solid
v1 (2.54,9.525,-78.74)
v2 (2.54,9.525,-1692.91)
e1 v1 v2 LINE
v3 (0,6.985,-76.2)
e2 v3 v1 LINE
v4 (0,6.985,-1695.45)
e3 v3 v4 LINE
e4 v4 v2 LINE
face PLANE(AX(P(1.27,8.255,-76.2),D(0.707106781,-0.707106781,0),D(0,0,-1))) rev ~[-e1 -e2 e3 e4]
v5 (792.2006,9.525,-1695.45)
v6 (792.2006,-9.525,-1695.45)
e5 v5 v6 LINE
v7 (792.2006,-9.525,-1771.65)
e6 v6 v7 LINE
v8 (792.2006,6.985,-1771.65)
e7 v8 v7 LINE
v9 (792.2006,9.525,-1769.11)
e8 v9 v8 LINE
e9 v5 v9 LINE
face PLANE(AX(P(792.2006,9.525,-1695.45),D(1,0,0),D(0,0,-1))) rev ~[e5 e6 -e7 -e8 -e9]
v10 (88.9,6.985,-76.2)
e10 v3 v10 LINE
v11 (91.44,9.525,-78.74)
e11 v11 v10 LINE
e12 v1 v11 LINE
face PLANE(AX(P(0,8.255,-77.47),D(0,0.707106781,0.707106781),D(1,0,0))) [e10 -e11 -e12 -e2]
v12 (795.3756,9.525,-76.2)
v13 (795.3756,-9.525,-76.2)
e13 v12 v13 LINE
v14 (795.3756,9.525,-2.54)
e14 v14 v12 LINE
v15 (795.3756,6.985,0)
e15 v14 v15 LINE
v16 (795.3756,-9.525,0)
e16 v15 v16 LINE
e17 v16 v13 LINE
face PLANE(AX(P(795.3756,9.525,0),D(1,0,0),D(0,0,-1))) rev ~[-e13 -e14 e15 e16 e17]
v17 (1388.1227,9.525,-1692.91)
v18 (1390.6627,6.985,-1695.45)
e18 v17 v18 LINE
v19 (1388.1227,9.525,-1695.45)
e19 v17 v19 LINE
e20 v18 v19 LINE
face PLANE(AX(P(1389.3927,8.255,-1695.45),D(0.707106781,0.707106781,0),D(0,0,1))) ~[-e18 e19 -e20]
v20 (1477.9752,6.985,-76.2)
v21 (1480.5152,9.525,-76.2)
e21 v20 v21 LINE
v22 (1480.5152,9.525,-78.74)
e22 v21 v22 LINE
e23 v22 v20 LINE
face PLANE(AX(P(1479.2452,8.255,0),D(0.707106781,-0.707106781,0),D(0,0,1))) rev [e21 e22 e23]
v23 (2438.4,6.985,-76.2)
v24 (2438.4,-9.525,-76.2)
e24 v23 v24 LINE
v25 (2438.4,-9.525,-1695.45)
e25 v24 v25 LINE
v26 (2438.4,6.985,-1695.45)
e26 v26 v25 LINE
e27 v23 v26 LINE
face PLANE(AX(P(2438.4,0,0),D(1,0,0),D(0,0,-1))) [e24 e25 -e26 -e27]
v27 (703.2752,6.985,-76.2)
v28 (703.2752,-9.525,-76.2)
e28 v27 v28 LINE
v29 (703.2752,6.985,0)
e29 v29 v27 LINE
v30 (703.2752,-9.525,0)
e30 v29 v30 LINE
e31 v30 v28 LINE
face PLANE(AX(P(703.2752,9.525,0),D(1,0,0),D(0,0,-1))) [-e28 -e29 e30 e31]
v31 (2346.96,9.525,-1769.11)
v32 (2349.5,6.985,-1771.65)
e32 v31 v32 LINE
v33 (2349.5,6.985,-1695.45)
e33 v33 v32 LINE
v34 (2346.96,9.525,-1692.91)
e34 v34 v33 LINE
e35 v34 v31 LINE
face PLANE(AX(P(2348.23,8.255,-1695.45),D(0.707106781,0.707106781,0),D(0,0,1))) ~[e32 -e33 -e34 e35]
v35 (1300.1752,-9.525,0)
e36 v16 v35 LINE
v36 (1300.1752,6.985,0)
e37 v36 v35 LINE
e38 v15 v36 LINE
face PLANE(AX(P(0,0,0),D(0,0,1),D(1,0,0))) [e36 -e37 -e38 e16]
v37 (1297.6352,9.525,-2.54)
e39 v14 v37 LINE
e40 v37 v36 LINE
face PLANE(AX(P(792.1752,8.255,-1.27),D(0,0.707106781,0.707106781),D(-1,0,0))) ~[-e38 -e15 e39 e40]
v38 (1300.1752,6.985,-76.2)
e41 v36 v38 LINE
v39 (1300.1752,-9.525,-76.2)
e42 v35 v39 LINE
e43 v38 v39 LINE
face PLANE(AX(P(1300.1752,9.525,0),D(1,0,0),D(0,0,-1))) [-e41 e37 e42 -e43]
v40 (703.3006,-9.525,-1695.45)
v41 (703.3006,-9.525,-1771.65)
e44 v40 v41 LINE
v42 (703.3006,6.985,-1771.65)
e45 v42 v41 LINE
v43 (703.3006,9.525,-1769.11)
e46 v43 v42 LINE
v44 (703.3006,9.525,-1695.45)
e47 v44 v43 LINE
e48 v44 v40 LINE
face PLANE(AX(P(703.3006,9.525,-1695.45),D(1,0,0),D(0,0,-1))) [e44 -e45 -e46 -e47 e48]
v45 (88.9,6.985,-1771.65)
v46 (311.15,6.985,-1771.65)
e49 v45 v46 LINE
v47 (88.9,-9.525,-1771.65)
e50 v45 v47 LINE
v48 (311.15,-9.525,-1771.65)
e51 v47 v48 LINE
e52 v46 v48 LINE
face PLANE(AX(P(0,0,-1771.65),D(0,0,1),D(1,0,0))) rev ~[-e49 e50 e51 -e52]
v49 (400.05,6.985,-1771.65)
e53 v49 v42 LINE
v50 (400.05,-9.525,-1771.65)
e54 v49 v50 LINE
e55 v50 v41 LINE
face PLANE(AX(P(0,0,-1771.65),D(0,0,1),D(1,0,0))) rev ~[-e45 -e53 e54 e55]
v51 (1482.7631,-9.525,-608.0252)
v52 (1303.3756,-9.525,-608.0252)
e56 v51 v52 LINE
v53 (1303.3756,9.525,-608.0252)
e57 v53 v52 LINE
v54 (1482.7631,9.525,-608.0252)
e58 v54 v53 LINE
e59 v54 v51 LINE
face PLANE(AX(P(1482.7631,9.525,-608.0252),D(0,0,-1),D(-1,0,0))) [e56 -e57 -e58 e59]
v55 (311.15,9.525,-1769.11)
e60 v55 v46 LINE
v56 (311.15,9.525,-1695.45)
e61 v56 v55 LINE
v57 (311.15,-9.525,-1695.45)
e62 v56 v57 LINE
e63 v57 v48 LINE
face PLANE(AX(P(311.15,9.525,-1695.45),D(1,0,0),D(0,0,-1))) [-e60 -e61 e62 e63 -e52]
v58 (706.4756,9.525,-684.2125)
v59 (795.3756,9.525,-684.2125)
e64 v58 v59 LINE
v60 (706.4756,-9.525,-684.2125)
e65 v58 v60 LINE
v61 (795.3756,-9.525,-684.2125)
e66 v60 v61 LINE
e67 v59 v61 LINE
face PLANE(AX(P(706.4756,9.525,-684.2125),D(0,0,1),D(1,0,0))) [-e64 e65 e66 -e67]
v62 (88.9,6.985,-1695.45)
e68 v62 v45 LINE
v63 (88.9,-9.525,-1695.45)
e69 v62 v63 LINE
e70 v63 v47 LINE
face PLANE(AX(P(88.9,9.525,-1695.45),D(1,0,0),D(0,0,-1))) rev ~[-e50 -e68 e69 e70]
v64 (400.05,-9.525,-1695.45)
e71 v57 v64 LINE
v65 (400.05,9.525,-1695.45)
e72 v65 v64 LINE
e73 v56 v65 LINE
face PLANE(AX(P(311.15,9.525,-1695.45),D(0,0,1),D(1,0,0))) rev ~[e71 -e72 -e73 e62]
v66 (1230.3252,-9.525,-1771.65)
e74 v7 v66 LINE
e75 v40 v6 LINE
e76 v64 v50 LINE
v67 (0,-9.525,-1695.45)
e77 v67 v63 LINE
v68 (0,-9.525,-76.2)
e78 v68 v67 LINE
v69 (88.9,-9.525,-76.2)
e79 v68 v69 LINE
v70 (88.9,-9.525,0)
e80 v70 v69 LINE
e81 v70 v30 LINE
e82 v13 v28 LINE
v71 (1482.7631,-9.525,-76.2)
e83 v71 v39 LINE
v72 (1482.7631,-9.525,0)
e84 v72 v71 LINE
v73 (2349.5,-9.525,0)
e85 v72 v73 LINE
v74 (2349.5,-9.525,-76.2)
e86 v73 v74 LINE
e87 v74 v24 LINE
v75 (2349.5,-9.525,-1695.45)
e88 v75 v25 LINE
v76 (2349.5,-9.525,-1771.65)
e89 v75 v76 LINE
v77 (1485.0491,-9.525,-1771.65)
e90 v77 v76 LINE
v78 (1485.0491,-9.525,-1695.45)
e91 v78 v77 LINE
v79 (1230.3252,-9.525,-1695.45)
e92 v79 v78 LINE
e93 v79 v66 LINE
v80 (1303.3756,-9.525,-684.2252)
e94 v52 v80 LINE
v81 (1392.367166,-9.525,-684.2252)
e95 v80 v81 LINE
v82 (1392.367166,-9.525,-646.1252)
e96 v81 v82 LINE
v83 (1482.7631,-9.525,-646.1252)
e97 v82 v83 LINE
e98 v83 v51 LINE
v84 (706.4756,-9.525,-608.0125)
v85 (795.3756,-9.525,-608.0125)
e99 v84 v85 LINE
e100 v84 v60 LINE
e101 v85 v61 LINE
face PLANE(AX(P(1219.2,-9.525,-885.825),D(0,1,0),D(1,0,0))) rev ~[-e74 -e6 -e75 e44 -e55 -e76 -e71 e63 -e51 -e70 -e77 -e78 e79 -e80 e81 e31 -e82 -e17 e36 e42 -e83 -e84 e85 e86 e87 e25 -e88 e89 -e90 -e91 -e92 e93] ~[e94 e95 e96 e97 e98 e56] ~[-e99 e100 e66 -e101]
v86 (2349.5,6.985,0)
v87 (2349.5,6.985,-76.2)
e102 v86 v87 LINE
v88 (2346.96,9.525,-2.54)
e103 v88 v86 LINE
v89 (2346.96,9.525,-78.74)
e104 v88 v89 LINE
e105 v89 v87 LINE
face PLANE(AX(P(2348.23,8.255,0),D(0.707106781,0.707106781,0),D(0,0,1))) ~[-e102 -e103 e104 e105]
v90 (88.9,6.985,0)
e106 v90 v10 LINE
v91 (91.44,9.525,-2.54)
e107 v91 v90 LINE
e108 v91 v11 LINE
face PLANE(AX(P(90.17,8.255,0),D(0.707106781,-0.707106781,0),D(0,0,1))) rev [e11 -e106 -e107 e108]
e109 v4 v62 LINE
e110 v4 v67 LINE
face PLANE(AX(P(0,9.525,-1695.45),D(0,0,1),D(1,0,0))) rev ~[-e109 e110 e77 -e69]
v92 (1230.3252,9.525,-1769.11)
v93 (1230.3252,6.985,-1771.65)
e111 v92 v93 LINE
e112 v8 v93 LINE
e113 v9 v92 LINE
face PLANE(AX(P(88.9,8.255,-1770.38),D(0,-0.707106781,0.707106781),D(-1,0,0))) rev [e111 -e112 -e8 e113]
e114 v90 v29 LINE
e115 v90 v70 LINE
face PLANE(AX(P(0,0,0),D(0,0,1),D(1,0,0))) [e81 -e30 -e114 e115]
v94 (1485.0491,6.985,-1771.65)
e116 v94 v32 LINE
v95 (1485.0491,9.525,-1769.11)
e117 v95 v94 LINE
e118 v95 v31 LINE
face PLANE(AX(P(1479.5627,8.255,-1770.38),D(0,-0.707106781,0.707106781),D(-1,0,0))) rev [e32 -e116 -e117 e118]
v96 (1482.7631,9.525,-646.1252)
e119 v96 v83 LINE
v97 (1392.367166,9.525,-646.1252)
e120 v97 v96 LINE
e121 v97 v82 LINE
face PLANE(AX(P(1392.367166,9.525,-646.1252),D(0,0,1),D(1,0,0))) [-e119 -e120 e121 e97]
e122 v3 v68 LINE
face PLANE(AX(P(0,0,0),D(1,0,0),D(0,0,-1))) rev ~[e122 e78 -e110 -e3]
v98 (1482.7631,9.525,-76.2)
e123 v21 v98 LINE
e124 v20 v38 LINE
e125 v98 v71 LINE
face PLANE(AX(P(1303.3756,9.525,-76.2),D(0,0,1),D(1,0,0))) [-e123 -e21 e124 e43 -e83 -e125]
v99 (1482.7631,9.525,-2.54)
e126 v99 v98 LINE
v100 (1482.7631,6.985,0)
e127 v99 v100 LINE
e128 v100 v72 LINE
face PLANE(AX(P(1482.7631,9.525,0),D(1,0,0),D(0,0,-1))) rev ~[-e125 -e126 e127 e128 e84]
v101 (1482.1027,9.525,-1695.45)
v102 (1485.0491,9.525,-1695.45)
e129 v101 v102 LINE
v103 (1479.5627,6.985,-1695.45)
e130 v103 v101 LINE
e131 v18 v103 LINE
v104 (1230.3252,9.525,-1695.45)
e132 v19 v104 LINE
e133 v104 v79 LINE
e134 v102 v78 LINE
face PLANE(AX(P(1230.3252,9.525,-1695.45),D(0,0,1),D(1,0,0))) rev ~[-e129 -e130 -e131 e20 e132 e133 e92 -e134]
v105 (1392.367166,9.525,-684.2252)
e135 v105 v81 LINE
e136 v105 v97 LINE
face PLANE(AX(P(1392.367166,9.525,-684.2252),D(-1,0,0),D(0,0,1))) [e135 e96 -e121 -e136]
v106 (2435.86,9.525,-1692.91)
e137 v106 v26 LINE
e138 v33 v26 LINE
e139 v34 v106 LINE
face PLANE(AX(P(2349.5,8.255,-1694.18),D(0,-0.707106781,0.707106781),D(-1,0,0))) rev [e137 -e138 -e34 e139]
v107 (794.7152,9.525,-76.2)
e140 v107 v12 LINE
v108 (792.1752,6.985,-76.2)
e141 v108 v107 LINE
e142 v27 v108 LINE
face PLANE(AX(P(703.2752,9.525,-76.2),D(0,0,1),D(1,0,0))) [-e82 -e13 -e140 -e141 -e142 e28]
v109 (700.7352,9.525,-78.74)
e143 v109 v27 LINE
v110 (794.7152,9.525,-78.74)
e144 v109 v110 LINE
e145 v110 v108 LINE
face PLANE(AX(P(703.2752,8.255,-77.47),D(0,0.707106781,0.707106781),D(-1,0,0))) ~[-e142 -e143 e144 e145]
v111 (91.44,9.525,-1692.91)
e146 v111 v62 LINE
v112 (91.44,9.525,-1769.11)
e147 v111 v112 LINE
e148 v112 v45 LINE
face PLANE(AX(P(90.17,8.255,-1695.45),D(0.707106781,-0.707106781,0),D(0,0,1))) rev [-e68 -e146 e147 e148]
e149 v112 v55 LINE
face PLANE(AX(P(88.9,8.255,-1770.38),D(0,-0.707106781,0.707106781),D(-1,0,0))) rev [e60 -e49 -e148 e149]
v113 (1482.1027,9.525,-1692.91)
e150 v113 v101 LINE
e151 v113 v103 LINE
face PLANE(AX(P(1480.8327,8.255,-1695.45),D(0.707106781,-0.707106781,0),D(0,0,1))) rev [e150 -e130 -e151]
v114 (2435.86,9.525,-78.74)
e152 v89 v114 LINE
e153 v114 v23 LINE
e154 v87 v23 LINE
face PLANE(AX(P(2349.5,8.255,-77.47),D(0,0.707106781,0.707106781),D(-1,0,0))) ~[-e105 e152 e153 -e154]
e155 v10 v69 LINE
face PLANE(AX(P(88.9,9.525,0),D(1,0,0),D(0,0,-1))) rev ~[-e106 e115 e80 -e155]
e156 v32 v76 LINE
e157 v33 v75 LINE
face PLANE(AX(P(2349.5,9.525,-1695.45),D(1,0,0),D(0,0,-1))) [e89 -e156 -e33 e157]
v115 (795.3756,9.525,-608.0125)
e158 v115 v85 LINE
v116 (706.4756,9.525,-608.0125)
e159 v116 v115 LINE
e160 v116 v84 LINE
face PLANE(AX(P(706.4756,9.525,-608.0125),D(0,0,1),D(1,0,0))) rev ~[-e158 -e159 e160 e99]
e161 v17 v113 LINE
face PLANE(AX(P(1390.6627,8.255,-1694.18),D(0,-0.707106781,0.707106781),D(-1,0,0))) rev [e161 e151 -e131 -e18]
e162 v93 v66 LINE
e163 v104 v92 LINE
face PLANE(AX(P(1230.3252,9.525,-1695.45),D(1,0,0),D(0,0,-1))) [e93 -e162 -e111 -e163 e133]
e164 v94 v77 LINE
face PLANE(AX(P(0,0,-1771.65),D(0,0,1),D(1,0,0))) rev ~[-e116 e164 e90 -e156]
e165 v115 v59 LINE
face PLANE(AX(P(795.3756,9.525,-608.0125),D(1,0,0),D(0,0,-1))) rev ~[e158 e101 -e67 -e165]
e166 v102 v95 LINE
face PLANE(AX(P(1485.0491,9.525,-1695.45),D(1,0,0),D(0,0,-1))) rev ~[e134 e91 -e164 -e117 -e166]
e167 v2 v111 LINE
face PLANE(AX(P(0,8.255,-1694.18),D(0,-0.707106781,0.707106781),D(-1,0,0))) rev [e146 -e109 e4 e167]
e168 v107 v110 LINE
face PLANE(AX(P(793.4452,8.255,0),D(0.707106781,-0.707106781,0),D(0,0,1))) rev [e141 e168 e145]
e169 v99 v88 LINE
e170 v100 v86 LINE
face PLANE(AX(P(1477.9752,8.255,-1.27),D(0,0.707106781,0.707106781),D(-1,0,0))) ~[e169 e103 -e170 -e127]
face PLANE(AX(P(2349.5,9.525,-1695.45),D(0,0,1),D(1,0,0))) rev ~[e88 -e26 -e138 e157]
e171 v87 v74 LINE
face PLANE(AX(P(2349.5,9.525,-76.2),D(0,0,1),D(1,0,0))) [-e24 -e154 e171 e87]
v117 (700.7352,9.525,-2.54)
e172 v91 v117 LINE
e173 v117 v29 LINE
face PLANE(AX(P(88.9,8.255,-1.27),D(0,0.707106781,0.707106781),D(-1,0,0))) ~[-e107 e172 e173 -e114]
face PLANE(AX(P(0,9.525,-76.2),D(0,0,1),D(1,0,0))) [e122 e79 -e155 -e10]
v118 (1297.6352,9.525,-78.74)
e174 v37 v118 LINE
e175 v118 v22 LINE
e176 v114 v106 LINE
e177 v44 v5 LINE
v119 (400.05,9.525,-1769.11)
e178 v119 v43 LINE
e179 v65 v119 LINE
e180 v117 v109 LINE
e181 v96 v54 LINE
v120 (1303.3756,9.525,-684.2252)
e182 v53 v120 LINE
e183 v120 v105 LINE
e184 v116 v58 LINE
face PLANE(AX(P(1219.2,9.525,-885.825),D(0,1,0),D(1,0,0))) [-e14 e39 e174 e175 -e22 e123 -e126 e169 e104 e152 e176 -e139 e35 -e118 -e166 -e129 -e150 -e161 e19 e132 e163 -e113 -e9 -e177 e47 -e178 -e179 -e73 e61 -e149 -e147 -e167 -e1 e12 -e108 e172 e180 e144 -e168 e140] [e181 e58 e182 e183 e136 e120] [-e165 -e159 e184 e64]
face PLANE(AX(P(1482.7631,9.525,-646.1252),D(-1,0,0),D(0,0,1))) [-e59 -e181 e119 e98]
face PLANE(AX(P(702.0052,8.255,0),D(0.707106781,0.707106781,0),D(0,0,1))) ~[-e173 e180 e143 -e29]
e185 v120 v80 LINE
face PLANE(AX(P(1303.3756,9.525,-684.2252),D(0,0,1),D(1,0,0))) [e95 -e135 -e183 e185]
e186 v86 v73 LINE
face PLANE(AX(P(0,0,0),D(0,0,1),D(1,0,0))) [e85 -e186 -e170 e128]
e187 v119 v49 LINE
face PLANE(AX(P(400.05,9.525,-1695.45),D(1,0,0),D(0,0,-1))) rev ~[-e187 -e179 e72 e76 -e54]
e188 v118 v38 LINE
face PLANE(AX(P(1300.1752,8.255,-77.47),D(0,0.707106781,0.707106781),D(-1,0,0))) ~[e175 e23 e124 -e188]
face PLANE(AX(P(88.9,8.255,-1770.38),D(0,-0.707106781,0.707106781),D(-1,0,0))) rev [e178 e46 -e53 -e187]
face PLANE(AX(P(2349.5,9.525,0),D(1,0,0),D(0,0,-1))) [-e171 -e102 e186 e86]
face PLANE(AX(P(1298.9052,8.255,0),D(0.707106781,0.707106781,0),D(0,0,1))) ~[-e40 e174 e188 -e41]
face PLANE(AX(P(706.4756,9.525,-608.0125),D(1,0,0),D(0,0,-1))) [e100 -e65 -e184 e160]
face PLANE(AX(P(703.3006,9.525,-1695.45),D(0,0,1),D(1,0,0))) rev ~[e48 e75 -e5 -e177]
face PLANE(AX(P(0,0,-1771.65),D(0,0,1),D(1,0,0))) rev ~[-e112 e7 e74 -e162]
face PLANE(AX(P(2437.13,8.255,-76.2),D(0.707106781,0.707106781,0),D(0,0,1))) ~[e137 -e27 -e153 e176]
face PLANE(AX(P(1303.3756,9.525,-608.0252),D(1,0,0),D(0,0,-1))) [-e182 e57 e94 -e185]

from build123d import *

# Parameters (mm, degrees)
SKETCH1_W           = 2438.4
SKETCH1_H           = 1771.65
BOSS_EXTRUDE1_DEPTH = 9.525
SKETCH2_W           = 88.9
SKETCH2_H           = 76.2
SKETCH2_W_2         = 177.8
CUT_EXTRUDE1_DEPTH  = 20.05
CHAMFER1_SIZE       = 2.54
SKETCH4_W           = 88.9
SKETCH4_H           = 76.2
CUT_EXTRUDE2_DEPTH  = 20.05
SKETCH5_W           = 88.9
SKETCH5_H           = 76.2
SKETCH5_W_2         = 254.7239
SKETCH5_W_3         = 92.1004
SKETCH5_W_4         = 179.3875
CUT_EXTRUDE3_DEPTH  = 20.05


with BuildPart() as part:
    # Sketch1 → Boss-Extrude1 (new body, symmetric)
    with BuildSketch(Plane(origin=(0, 0, 0), x_dir=(1, 0, 0), z_dir=(0, 1, 0))):
        with Locations((1219.2, 885.825)):
            Rectangle(SKETCH1_W, SKETCH1_H)
    extrude(amount=BOSS_EXTRUDE1_DEPTH, both=True)

    # Sketch2 → Cut-Extrude1 (cut, through all)
    with BuildSketch(Plane(origin=(0, 9.525, 0), x_dir=(1, 0, 0), z_dir=(0, 1, 0))):
        with Locations((1435.1127, 1733.55)):
            Rectangle(SKETCH2_W, SKETCH2_H)
        with Locations((44.45, 1733.55)):
            Rectangle(SKETCH2_W, SKETCH2_H)
        with Locations((2393.95, 1733.55)):
            Rectangle(SKETCH2_W, SKETCH2_H)
        with Locations((1389.0752, 38.1)):
            Rectangle(SKETCH2_W_2, SKETCH2_H)
        with Locations((747.7252, 38.1)):
            Rectangle(SKETCH2_W, SKETCH2_H)
        with Locations((2393.95, 38.1)):
            Rectangle(SKETCH2_W, SKETCH2_H)
        with Locations((44.45, 38.1)):
            Rectangle(SKETCH2_W, SKETCH2_H)
    extrude(amount=-CUT_EXTRUDE1_DEPTH, mode=Mode.SUBTRACT)

    # Chamfer1
    chamfer1_edges = [part.edges().sort_by_distance(p)[0] for p in [
        (0, 9.525, -885.825),
        (396.0876, 9.525, 0),
        (1046.1752, 9.525, 0),
        (1913.7376, 9.525, 0),
        (2438.4, 9.525, -885.825),
        (1914.53135, 9.525, -1771.65),
        (739.78135, 9.525, -1771.65),
        (2393.95, 9.525, -76.2),
        (2349.5, 9.525, -38.1),
        (792.1752, 9.525, -38.1),
        (747.7252, 9.525, -76.2),
        (703.2752, 9.525, -38.1),
        (1477.9752, 9.525, -38.1),
        (1389.0752, 9.525, -76.2),
        (1300.1752, 9.525, -38.1),
        (2349.5, 9.525, -1733.55),
        (2393.95, 9.525, -1695.45),
        (1390.6627, 9.525, -1733.55),
        (1435.1127, 9.525, -1695.45),
        (1479.5627, 9.525, -1733.55),
        (88.9, 9.525, -38.1),
        (44.45, 9.525, -76.2),
        (44.45, 9.525, -1695.45),
        (88.9, 9.525, -1733.55),
    ]]
    chamfer(chamfer1_edges, length=CHAMFER1_SIZE)

    # Sketch4 → Cut-Extrude2 (cut, through all)
    with BuildSketch(Plane(origin=(0, 9.525, 0), x_dir=(1, 0, 0), z_dir=(0, 1, 0))):
        with Locations((355.6, 1733.55)):
            Rectangle(SKETCH4_W, SKETCH4_H)
        with Locations((1274.7752, 1733.55)):
            Rectangle(SKETCH4_W, SKETCH4_H)
    extrude(amount=-CUT_EXTRUDE2_DEPTH, mode=Mode.SUBTRACT)

    # Sketch5 → Cut-Extrude3 (cut, through all)
    with BuildSketch(Plane(origin=(0, 9.525, 0), x_dir=(1, 0, 0), z_dir=(0, 1, 0))):
        with Locations((44.45, 1733.55)):
            Rectangle(SKETCH5_W, SKETCH5_H)
        with Locations((355.6, 1733.55)):
            Rectangle(SKETCH5_W, SKETCH5_H)
        with Locations((747.7506, 1733.55)):
            Rectangle(SKETCH5_W, SKETCH5_H)
        with Locations((1357.68715, 1733.55)):
            Rectangle(SKETCH5_W_2, SKETCH5_H)
        with Locations((2393.95, 1733.55)):
            Rectangle(SKETCH5_W, SKETCH5_H)
        with Locations((750.9256, 646.112499999)):
            Rectangle(SKETCH5_W, SKETCH5_H)
        Polygon((1303.3756, 684.225199999), (1392.367165563, 684.225199999), (1392.367165563, 646.125199999), (1482.7631, 646.125199999), (1482.7631, 608.025199999), (1303.3756, 608.025199999), align=None)
        with Locations((44.45, 38.1)):
            Rectangle(SKETCH5_W, SKETCH5_H)
        with Locations((749.3254, 38.1)):
            Rectangle(SKETCH5_W_3, SKETCH5_H)
        with Locations((1393.06935, 38.1)):
            Rectangle(SKETCH5_W_4, SKETCH5_H)
        with Locations((2393.95, 38.1)):
            Rectangle(SKETCH5_W, SKETCH5_H)
    extrude(amount=-CUT_EXTRUDE3_DEPTH, mode=Mode.SUBTRACT)


solid = part.part
